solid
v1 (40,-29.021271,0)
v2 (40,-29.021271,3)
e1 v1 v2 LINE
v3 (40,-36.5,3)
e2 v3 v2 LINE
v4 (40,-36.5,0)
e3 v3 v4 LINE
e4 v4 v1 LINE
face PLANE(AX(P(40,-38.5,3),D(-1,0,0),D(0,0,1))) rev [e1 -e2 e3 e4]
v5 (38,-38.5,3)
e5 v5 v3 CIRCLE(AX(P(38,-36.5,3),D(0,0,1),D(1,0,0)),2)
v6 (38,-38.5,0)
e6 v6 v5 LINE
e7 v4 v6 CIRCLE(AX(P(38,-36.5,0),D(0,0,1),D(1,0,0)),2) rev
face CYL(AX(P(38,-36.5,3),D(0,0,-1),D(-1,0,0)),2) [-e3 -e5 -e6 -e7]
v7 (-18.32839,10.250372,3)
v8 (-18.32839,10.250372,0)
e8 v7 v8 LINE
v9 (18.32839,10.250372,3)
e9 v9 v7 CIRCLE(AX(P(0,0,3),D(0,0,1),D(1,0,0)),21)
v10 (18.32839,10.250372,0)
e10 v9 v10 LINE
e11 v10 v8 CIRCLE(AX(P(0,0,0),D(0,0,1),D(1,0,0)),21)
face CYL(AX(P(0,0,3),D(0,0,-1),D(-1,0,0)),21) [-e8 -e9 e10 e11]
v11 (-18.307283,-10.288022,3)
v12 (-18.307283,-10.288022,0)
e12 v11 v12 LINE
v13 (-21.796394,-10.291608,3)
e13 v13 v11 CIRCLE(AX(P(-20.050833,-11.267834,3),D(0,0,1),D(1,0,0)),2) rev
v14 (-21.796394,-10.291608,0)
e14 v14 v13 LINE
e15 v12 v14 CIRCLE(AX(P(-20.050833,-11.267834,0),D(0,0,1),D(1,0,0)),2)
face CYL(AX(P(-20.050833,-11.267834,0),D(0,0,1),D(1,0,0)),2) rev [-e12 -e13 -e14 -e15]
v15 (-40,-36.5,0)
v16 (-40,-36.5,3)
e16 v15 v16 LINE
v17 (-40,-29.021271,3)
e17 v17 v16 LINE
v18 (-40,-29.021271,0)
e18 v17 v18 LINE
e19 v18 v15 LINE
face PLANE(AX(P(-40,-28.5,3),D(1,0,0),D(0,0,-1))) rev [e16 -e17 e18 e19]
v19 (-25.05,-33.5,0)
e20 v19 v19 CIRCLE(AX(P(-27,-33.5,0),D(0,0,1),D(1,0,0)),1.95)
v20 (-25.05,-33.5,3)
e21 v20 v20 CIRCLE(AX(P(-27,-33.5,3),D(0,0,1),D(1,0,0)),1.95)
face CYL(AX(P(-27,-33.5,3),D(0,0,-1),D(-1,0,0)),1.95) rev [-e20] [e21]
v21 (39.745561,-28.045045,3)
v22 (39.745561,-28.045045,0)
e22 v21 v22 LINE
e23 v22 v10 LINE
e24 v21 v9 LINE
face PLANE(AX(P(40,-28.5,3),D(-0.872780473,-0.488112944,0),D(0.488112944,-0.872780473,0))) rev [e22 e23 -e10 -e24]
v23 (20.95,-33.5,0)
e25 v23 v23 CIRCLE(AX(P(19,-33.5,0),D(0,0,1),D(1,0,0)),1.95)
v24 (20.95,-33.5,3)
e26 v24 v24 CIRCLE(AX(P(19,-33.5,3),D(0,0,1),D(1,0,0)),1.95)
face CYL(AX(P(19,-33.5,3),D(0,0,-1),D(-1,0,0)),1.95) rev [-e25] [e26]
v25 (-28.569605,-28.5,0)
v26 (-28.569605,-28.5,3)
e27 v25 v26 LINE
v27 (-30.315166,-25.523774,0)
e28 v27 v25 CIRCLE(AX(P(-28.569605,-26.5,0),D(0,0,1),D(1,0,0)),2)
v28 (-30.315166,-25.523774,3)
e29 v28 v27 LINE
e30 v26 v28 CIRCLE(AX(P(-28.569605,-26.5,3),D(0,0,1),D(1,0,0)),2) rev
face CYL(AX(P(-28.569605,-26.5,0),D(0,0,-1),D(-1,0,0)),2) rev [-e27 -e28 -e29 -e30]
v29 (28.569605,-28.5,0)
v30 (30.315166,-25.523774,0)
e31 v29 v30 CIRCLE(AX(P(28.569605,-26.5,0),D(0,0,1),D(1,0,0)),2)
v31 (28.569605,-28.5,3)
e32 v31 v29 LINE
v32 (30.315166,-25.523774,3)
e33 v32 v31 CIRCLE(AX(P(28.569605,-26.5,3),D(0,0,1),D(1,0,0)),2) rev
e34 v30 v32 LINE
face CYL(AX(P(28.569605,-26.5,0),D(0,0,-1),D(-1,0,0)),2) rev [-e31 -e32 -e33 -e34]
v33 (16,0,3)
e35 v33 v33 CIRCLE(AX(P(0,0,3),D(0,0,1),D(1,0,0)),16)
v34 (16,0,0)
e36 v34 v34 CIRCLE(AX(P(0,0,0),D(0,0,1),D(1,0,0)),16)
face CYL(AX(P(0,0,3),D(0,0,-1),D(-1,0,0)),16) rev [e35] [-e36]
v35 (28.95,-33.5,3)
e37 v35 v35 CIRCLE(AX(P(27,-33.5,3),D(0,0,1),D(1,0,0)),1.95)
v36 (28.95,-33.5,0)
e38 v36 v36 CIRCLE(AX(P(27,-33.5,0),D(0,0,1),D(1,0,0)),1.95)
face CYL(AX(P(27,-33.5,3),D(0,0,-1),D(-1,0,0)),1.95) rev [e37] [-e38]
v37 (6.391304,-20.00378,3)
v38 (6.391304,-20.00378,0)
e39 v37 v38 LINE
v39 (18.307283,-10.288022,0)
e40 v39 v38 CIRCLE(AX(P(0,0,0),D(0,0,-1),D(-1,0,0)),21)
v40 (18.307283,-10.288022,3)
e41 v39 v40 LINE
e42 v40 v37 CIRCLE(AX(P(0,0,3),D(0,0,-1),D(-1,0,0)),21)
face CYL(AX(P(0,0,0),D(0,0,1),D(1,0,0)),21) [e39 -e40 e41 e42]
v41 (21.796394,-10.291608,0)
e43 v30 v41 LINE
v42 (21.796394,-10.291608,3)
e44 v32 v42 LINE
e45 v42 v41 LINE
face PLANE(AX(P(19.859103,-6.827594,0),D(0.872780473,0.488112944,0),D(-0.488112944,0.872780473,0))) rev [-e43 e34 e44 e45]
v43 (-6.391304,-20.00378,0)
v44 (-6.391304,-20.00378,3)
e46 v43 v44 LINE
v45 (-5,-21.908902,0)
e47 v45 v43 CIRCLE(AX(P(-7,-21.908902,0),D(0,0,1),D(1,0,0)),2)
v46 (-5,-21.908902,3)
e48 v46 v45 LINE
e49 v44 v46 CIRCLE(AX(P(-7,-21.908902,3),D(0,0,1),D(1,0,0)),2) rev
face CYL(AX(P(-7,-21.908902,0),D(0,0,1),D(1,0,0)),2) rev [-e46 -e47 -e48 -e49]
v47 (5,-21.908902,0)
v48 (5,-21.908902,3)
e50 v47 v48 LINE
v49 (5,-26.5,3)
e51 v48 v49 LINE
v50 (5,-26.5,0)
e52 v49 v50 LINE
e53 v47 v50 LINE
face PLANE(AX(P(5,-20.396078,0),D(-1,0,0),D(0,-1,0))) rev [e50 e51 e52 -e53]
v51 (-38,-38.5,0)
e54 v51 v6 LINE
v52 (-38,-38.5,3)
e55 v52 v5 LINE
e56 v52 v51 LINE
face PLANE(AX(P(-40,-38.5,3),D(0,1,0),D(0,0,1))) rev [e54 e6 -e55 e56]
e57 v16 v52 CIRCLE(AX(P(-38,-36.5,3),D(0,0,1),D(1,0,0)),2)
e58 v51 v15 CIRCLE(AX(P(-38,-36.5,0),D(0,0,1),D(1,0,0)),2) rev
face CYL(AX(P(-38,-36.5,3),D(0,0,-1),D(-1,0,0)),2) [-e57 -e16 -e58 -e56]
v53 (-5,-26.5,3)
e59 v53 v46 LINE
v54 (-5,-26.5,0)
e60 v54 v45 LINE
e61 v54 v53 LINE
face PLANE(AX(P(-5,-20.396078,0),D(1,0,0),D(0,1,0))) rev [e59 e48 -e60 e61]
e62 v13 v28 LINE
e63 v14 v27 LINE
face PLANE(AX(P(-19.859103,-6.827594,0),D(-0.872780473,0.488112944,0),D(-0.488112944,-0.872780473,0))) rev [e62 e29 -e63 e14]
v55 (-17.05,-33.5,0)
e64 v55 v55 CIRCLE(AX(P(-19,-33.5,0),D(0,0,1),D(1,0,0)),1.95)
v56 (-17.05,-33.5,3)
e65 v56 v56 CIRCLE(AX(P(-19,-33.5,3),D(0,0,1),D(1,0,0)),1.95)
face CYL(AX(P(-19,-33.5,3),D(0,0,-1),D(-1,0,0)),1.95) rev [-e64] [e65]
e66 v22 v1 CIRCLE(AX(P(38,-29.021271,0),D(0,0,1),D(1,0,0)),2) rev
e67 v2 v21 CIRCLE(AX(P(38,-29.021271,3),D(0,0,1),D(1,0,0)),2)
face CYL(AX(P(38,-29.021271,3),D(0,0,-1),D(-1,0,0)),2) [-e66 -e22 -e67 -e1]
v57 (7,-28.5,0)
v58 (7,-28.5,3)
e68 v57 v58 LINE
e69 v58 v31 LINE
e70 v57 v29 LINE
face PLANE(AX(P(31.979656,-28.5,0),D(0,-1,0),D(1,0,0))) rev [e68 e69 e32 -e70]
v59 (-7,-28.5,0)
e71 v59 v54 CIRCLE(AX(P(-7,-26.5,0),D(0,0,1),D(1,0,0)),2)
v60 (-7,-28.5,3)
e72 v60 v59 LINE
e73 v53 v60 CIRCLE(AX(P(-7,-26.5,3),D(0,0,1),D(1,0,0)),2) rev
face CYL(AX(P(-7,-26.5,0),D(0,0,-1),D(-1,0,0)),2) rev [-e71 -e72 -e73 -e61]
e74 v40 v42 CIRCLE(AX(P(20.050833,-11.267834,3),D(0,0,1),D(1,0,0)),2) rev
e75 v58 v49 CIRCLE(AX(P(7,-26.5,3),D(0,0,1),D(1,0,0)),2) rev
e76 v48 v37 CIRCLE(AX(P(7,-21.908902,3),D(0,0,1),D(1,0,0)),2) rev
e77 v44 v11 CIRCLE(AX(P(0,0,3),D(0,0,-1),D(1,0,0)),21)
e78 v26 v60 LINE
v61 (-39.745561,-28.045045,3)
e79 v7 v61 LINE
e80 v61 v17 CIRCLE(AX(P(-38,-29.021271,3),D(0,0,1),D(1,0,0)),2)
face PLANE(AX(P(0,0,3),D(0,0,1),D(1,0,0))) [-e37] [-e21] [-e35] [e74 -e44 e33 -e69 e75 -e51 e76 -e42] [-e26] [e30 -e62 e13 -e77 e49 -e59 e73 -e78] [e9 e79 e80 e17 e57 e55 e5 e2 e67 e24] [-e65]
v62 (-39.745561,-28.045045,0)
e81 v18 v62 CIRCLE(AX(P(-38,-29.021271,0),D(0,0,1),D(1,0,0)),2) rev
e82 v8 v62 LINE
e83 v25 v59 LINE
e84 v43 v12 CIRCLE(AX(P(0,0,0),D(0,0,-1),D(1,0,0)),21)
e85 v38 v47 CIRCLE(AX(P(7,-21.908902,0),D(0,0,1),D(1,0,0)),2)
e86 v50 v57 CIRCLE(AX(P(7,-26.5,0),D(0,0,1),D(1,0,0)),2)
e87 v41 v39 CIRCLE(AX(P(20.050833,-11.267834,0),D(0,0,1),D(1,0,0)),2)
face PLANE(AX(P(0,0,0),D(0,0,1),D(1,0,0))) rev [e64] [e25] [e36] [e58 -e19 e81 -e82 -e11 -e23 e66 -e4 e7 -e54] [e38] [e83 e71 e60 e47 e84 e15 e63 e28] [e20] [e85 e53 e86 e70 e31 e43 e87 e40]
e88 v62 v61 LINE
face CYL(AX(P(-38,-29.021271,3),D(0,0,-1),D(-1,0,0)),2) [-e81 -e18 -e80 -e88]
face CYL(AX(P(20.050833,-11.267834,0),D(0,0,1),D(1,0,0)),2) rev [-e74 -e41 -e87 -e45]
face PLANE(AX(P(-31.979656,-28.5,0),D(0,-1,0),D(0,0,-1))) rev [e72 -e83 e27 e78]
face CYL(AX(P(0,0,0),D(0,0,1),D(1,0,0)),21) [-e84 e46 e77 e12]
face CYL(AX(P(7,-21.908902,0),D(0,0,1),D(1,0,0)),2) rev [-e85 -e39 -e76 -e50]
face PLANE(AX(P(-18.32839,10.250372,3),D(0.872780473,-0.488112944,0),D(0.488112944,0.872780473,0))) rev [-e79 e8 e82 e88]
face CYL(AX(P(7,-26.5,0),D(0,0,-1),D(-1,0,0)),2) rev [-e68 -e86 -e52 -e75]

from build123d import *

# Parameters (mm, degrees)
SKETCH_1_R          = 16
SKETCH_1_R_2        = 1.95
EXTRUDE_1_DEPTH     = 3
CUT_EXTRUDE_1_DEPTH = 56.599010783
FILLET_1_R          = 2


with BuildPart() as part:
    # 草图1 → 凸台-拉伸1 (new body)
    with BuildSketch(Plane.XY):
        with BuildLine():
            Line((-40, -28.5), (-40, -38.5))
            Line((-40, -38.5), (40, -38.5))
            Line((40, -38.5), (40, -28.5))
            Line((40, -28.5), (18.328389928, 10.250371829))
            ThreePointArc((18.328389928, 10.250371829), (0, 21), (-18.328389928, 10.250371829))
            Line((-18.328389928, 10.250371829), (-40, -28.5))
        make_face()
        Circle(SKETCH_1_R, mode=Mode.SUBTRACT)
        with Locations((27, -33.5)):
            Circle(SKETCH_1_R_2, mode=Mode.SUBTRACT)
        with Locations((19, -33.5)):
            Circle(SKETCH_1_R_2, mode=Mode.SUBTRACT)
        with Locations((-27, -33.5)):
            Circle(SKETCH_1_R_2, mode=Mode.SUBTRACT)
        with Locations((-19, -33.5)):
            Circle(SKETCH_1_R_2, mode=Mode.SUBTRACT)
    extrude(amount=EXTRUDE_1_DEPTH)

    # 草图2 → 切除-拉伸1 (cut, through all)
    with BuildSketch(Plane.XY.offset(3)):
        with BuildLine():
            Line((-31.979655574, -28.5), (-5, -28.5))
            Line((-5, -28.5), (-5, -20.396078054))
            ThreePointArc((-5, -20.396078054), (-14.160497384, -15.507427699), (-19.859102687, -6.827594046))
            Line((-19.859102687, -6.827594046), (-31.979655574, -28.5))
        make_face()
        with BuildLine():
            Line((19.859102687, -6.827594046), (31.979655574, -28.5))
            Line((31.979655574, -28.5), (5, -28.5))
            Line((5, -28.5), (5, -20.396078054))
            ThreePointArc((5, -20.396078054), (14.160497384, -15.507427699), (19.859102687, -6.827594046))
        make_face()
    extrude(amount=-CUT_EXTRUDE_1_DEPTH, mode=Mode.SUBTRACT)

    # 圆角1
    fillet_1_edges = [part.edges().sort_by_distance(p)[0] for p in [
        (40, -28.5, 1.5),
        (40, -38.5, 1.5),
        (-40, -38.5, 1.5),
        (-40, -28.5, 1.5),
        (5, -20.396078054, 1.5),
        (19.859102687, -6.827594046, 1.5),
        (31.979655574, -28.5, 1.5),
        (5, -28.5, 1.5),
        (-31.979655574, -28.5, 1.5),
        (-19.859102687, -6.827594046, 1.5),
        (-5, -20.396078054, 1.5),
        (-5, -28.5, 1.5),
    ]]
    fillet(fillet_1_edges, radius=FILLET_1_R)


solid = part.part
